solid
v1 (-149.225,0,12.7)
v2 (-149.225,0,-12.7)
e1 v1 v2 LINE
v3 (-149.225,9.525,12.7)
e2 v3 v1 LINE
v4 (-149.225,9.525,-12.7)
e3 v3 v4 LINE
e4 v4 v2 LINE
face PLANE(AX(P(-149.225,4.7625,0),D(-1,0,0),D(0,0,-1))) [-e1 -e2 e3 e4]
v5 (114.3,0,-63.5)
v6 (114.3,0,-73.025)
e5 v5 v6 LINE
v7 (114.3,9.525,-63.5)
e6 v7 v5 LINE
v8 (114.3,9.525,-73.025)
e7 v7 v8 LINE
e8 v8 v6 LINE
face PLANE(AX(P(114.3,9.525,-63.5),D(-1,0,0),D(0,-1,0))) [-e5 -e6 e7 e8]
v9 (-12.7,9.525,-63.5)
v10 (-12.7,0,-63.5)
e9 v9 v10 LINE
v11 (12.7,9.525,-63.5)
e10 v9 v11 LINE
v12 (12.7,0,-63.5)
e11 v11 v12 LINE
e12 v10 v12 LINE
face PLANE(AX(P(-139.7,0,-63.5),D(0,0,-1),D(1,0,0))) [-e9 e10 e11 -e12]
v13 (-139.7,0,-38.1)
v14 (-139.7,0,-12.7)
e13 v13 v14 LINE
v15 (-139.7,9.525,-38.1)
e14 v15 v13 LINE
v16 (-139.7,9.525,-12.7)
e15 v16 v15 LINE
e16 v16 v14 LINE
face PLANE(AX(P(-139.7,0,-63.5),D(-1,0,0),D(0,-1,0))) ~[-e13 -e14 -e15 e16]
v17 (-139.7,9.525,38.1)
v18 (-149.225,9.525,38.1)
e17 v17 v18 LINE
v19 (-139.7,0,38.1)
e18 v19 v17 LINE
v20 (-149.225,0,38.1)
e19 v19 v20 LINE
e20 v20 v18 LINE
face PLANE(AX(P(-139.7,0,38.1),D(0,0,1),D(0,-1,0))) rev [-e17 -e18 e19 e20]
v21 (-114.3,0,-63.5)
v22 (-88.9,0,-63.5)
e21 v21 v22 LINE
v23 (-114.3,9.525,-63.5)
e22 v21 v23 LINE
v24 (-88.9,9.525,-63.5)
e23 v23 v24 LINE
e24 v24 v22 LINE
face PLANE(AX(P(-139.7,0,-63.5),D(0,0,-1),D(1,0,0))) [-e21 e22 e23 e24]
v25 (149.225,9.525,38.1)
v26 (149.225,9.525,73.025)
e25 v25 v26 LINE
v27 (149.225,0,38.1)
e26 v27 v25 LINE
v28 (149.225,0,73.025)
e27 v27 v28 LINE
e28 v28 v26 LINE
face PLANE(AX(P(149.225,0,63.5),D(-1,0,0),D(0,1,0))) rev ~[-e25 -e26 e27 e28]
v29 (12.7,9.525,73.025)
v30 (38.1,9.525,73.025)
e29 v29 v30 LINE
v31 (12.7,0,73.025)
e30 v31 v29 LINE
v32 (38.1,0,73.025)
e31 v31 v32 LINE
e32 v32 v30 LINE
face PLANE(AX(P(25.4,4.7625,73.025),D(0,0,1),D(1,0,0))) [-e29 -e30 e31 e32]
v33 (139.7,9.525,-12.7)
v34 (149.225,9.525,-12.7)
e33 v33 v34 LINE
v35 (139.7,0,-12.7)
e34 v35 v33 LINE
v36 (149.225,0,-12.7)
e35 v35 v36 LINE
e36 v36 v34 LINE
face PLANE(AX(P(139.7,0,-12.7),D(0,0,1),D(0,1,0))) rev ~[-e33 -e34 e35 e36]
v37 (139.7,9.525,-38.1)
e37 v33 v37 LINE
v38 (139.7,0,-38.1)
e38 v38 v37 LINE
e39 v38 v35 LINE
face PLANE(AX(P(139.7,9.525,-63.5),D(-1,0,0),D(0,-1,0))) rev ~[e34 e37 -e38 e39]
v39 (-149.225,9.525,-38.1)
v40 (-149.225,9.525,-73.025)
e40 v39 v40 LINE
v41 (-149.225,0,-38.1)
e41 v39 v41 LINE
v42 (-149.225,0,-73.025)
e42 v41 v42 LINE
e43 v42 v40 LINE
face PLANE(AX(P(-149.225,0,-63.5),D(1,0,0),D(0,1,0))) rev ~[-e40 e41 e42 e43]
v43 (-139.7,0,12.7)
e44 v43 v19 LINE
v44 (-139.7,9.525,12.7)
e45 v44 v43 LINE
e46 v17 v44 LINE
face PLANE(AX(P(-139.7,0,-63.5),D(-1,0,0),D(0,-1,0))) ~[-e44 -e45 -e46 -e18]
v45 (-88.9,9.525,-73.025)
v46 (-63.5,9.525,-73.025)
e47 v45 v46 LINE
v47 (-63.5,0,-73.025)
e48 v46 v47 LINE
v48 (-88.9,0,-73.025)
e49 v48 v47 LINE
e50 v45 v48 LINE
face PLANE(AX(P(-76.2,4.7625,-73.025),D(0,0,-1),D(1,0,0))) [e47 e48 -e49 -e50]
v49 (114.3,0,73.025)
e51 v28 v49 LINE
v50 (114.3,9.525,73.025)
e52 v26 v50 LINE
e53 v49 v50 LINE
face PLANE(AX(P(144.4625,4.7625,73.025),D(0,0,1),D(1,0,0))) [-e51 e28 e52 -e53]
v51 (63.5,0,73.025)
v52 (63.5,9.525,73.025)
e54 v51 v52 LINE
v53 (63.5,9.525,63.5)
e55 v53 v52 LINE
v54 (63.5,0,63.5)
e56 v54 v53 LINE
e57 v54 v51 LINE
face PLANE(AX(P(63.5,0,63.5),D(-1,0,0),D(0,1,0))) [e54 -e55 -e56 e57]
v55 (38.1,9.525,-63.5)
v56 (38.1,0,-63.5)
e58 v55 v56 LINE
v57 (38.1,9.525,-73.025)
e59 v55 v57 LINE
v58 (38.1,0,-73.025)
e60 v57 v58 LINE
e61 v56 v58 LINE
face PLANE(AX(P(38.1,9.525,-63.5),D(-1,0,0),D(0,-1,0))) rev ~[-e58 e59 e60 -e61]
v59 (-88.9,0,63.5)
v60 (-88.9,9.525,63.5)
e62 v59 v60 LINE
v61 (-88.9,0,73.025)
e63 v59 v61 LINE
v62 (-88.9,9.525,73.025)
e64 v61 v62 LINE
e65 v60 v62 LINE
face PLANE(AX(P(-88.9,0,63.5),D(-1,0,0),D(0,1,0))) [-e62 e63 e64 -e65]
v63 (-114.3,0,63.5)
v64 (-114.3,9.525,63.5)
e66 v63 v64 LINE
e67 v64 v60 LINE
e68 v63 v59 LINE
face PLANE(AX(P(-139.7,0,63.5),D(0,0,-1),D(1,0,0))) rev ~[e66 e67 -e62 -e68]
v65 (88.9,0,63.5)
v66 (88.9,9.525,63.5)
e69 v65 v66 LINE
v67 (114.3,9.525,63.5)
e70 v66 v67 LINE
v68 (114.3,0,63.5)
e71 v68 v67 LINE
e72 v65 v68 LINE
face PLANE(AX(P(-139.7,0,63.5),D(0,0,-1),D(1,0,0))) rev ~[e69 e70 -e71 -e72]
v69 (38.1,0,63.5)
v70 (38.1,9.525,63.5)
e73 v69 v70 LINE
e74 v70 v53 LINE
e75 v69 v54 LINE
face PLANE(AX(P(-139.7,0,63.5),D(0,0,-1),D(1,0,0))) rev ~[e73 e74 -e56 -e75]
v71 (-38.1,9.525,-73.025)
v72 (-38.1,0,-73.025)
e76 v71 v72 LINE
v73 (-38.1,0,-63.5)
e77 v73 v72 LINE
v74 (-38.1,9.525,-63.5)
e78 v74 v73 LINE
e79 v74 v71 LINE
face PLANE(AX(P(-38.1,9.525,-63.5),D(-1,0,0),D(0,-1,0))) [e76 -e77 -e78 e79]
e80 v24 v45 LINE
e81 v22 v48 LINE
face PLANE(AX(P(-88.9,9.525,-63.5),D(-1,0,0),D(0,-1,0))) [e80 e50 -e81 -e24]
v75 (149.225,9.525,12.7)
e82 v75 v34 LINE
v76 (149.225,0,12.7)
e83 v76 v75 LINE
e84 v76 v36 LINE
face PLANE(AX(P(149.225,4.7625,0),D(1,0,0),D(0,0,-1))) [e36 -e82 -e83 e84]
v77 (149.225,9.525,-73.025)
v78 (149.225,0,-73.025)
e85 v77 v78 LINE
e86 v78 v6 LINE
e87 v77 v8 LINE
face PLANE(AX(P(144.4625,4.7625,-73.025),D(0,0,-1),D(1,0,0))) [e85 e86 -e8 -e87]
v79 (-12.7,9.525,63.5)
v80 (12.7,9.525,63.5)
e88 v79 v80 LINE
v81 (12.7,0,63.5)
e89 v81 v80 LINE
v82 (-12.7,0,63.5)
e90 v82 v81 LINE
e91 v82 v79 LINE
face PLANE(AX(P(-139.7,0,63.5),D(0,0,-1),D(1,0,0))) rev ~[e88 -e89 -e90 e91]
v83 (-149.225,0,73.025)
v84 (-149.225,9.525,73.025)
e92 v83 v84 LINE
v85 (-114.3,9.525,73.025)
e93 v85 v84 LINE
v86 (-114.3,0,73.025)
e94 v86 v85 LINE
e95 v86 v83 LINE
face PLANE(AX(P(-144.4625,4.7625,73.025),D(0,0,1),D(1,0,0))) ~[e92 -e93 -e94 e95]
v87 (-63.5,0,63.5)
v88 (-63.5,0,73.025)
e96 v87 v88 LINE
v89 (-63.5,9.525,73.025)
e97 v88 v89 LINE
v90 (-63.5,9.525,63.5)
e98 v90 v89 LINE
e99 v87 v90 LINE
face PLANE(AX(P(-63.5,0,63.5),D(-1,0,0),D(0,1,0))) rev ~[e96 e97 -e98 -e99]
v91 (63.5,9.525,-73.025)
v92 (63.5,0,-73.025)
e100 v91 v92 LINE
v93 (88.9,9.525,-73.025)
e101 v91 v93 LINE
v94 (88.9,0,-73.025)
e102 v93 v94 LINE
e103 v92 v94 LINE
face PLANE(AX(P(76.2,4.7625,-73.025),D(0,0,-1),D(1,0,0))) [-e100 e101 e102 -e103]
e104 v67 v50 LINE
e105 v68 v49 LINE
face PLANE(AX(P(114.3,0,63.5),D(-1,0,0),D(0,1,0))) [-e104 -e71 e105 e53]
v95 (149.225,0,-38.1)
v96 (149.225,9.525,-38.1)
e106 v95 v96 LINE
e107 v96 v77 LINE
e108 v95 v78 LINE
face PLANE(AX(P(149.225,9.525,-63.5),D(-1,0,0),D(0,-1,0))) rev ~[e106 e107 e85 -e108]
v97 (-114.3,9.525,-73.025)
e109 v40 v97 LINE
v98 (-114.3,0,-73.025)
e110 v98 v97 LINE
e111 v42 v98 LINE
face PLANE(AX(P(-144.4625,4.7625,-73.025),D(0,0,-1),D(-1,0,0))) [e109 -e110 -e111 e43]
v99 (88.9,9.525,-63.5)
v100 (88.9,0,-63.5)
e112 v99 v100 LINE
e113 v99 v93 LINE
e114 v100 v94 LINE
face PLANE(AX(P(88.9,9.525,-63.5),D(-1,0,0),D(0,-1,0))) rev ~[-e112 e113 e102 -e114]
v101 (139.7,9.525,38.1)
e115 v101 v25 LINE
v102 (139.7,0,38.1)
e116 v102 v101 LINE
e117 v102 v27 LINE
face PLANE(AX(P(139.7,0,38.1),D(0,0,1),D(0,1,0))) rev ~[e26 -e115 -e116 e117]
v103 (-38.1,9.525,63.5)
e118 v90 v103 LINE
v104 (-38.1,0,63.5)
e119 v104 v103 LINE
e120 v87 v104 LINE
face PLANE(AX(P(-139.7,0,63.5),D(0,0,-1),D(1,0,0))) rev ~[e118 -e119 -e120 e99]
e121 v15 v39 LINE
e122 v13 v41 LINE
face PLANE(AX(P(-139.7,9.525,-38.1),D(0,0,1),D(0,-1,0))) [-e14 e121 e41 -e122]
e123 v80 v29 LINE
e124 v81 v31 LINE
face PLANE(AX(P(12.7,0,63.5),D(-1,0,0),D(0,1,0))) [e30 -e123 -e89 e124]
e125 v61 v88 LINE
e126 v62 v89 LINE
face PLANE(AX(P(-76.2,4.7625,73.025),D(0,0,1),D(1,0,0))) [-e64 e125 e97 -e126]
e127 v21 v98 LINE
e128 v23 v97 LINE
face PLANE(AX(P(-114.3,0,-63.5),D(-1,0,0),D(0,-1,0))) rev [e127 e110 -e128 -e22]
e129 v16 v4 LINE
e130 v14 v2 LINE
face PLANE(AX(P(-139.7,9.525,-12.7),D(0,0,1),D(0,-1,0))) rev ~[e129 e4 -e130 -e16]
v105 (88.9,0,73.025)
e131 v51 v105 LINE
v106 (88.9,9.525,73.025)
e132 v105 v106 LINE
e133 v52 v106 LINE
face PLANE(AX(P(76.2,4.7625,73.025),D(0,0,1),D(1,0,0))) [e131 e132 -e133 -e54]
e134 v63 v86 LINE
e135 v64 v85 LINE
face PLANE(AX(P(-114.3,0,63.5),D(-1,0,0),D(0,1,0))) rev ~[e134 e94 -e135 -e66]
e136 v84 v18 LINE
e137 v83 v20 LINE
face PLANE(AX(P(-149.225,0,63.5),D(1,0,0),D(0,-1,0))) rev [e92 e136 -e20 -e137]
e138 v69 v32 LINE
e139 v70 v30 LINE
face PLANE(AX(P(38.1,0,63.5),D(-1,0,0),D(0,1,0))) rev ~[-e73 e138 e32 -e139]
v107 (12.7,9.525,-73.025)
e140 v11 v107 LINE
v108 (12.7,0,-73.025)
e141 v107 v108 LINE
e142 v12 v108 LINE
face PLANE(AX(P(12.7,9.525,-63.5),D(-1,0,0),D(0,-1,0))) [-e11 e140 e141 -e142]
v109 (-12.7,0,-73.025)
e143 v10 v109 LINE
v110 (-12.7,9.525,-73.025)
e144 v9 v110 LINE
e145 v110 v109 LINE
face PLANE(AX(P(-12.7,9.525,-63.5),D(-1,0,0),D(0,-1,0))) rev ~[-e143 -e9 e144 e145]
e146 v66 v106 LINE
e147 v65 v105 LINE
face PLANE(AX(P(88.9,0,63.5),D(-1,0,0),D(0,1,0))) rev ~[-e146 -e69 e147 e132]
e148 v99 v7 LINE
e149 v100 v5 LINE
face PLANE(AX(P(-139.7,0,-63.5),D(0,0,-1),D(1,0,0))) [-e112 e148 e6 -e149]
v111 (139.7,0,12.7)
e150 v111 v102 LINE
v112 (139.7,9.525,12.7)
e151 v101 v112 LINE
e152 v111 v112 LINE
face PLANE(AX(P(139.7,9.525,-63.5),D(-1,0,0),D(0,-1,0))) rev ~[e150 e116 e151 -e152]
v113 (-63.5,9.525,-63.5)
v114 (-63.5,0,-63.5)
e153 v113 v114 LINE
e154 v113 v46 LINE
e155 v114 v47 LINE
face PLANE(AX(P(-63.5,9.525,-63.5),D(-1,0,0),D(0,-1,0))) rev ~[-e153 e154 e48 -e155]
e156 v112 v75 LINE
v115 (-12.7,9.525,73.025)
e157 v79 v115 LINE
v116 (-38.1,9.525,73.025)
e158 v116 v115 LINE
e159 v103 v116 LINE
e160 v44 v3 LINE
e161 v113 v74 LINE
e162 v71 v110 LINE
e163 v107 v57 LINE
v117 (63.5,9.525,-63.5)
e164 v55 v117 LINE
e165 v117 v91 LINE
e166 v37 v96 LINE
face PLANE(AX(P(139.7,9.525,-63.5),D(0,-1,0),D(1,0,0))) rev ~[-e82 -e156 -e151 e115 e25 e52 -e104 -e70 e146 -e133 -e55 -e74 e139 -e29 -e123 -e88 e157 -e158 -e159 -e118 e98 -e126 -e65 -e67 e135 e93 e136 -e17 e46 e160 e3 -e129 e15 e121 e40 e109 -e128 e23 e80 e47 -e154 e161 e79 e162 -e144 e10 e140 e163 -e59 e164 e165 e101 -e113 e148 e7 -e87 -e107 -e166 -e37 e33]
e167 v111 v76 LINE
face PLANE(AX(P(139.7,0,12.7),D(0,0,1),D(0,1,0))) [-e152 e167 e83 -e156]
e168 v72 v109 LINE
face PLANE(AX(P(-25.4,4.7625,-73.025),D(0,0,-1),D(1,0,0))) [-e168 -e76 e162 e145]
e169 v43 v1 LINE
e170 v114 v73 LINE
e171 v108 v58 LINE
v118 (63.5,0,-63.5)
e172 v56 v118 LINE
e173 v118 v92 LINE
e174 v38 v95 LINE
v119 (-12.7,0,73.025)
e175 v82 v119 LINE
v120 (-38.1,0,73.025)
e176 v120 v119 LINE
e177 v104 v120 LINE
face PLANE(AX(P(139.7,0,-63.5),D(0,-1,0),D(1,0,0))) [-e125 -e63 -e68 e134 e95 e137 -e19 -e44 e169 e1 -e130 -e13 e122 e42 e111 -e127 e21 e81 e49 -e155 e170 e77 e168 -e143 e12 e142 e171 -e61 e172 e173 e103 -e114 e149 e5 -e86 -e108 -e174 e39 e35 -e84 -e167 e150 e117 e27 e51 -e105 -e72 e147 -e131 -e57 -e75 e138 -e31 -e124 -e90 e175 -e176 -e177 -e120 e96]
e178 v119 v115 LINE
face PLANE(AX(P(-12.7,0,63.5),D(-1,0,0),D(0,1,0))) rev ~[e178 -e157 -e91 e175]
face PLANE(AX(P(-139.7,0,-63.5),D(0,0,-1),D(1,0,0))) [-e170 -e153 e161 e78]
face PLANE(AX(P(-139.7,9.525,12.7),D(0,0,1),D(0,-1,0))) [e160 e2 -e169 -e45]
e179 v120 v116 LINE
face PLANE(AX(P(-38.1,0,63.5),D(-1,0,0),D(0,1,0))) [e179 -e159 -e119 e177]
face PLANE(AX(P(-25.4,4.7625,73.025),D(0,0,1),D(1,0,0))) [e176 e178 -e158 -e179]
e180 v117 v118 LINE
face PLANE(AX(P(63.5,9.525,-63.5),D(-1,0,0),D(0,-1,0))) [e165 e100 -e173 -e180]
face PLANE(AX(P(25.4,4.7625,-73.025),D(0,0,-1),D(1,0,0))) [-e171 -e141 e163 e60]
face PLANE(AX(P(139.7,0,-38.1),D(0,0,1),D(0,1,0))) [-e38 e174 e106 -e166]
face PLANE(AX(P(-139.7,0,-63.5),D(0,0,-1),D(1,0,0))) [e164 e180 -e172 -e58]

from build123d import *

# Parameters (mm, degrees)
SKETCH2_W               = 279.4
SKETCH2_H               = 127
BOSS_EXTRUDE1_DEPTH     = 9.525
SKETCH3_W               = 25.4
SKETCH3_H               = 9.525
BOSS_EXTRUDE2_DEPTH     = 9.525
LPATTERN1_COUNT         = 6
LPATTERN1_PITCH         = 50.8
MIRROR1_COPY_1_SKETCH_W = 25.4
MIRROR1_COPY_1_SKETCH_H = 9.525
MIRROR1_COPY_1_DEPTH    = 9.525
MIRROR1_COPY_2_SKETCH_W = 25.4
MIRROR1_COPY_2_SKETCH_H = 9.525
MIRROR1_COPY_2_DEPTH    = 9.525
MIRROR1_COPY_3_SKETCH_W = 25.4
MIRROR1_COPY_3_SKETCH_H = 9.525
MIRROR1_COPY_3_DEPTH    = 9.525
MIRROR1_COPY_4_SKETCH_W = 25.4
MIRROR1_COPY_4_SKETCH_H = 9.525
MIRROR1_COPY_4_DEPTH    = 9.525
MIRROR1_COPY_5_SKETCH_W = 25.4
MIRROR1_COPY_5_SKETCH_H = 9.525
MIRROR1_COPY_5_DEPTH    = 9.525
SKETCH4_W               = 25.4
SKETCH4_H               = 9.525
BOSS_EXTRUDE3_DEPTH     = 9.525
LPATTERN2_COUNT         = 3
LPATTERN2_PITCH         = 50.8
MIRROR2_COPY_1_SKETCH_W = 25.4
MIRROR2_COPY_1_SKETCH_H = 9.525
MIRROR2_COPY_1_DEPTH    = 9.525
MIRROR2_COPY_2_SKETCH_W = 25.4
MIRROR2_COPY_2_SKETCH_H = 9.525
MIRROR2_COPY_2_DEPTH    = 9.525
SKETCH6_W               = 9.525
SKETCH6_H               = 9.525
BOSS_EXTRUDE4_DEPTH     = 9.525
MIRROR4_COPY_1_SKETCH_W = 9.525
MIRROR4_COPY_1_SKETCH_H = 9.525
MIRROR4_COPY_1_DEPTH    = 9.525
MIRROR4_COPY_2_SKETCH_W = 9.525
MIRROR4_COPY_2_SKETCH_H = 9.525
MIRROR4_COPY_2_DEPTH    = 9.525


with BuildPart() as part:
    # Sketch2 → Boss-Extrude1 (new body)
    with BuildSketch(Plane(origin=(0, 0, 0), x_dir=(1, 0, 0), z_dir=(0, 1, 0))):
        Rectangle(SKETCH2_W, SKETCH2_H)
    extrude(amount=BOSS_EXTRUDE1_DEPTH)

    # Sketch3 → Boss-Extrude2 (add)
    with BuildSketch(Plane.XY.offset(63.5)):
        with Locations((-127, 4.7625)):
            Rectangle(SKETCH3_W, SKETCH3_H)
    boss_extrude2 = extrude(amount=BOSS_EXTRUDE2_DEPTH)

    # LPattern1: Boss-Extrude2 ×6
    with Locations(*[(i * LPATTERN1_PITCH, 0, 0) for i in range(1, LPATTERN1_COUNT)]):
        add(boss_extrude2)

    # Mirror1: Boss-Extrude2 across plane
    add(boss_extrude2.mirror(Plane.XY))

    # Mirror1 copy 1 sketch → Mirror1 copy 1 (add)
    with BuildSketch(Plane(origin=(50.8, 0, -63.5), x_dir=(1, 0, 0), z_dir=(0, 0, -1))):
        with Locations((-127, -4.7625)):
            Rectangle(MIRROR1_COPY_1_SKETCH_W, MIRROR1_COPY_1_SKETCH_H)
    extrude(amount=MIRROR1_COPY_1_DEPTH)

    # Mirror1 copy 2 sketch → Mirror1 copy 2 (add)
    with BuildSketch(Plane(origin=(101.6, 0, -63.5), x_dir=(1, 0, 0), z_dir=(0, 0, -1))):
        with Locations((-127, -4.7625)):
            Rectangle(MIRROR1_COPY_2_SKETCH_W, MIRROR1_COPY_2_SKETCH_H)
    extrude(amount=MIRROR1_COPY_2_DEPTH)

    # Mirror1 copy 3 sketch → Mirror1 copy 3 (add)
    with BuildSketch(Plane(origin=(152.4, 0, -63.5), x_dir=(1, 0, 0), z_dir=(0, 0, -1))):
        with Locations((-127, -4.7625)):
            Rectangle(MIRROR1_COPY_3_SKETCH_W, MIRROR1_COPY_3_SKETCH_H)
    extrude(amount=MIRROR1_COPY_3_DEPTH)

    # Mirror1 copy 4 sketch → Mirror1 copy 4 (add)
    with BuildSketch(Plane(origin=(203.2, 0, -63.5), x_dir=(1, 0, 0), z_dir=(0, 0, -1))):
        with Locations((-127, -4.7625)):
            Rectangle(MIRROR1_COPY_4_SKETCH_W, MIRROR1_COPY_4_SKETCH_H)
    extrude(amount=MIRROR1_COPY_4_DEPTH)

    # Mirror1 copy 5 sketch → Mirror1 copy 5 (add)
    with BuildSketch(Plane(origin=(254, 0, -63.5), x_dir=(1, 0, 0), z_dir=(0, 0, -1))):
        with Locations((-127, -4.7625)):
            Rectangle(MIRROR1_COPY_5_SKETCH_W, MIRROR1_COPY_5_SKETCH_H)
    extrude(amount=MIRROR1_COPY_5_DEPTH)

    # Sketch4 → Boss-Extrude3 (add)
    with BuildSketch(Plane(origin=(139.7, 0, 0), x_dir=(0, 0, -1), z_dir=(1, 0, 0))):
        with Locations((-50.8, 4.7625)):
            Rectangle(SKETCH4_W, SKETCH4_H)
    boss_extrude3 = extrude(amount=BOSS_EXTRUDE3_DEPTH)

    # LPattern2: Boss-Extrude3 ×3
    with Locations(*[(0, 0, -i * LPATTERN2_PITCH) for i in range(1, LPATTERN2_COUNT)]):
        add(boss_extrude3)

    # Mirror2: Boss-Extrude3 across plane
    add(boss_extrude3.mirror(Plane(origin=(0, 0, 0), x_dir=(0, 0, 1), z_dir=(1, 0, 0))))

    # Mirror2 copy 1 sketch → Mirror2 copy 1 (add)
    with BuildSketch(Plane(origin=(-139.7, 0, -50.8), x_dir=(0, 0, -1), z_dir=(-1, 0, 0))):
        with Locations((-50.8, -4.7625)):
            Rectangle(MIRROR2_COPY_1_SKETCH_W, MIRROR2_COPY_1_SKETCH_H)
    extrude(amount=MIRROR2_COPY_1_DEPTH)

    # Mirror2 copy 2 sketch → Mirror2 copy 2 (add)
    with BuildSketch(Plane(origin=(-139.7, 0, -101.6), x_dir=(0, 0, -1), z_dir=(-1, 0, 0))):
        with Locations((-50.8, -4.7625)):
            Rectangle(MIRROR2_COPY_2_SKETCH_W, MIRROR2_COPY_2_SKETCH_H)
    extrude(amount=MIRROR2_COPY_2_DEPTH)

    # Sketch6 → Boss-Extrude4 (add)
    with BuildSketch(Plane.XY.offset(63.5)):
        with Locations((144.4625, 4.7625)):
            Rectangle(SKETCH6_W, SKETCH6_H)
    boss_extrude4 = extrude(amount=BOSS_EXTRUDE4_DEPTH)

    # Mirror3: Boss-Extrude4 across plane
    add(boss_extrude4.mirror(Plane(origin=(0, 0, 0), x_dir=(0, 0, 1), z_dir=(1, 0, 0))))

    # Mirror4 copy 1 sketch → Mirror4 copy 1 (add)
    with BuildSketch(Plane(origin=(0, 0, -63.5), x_dir=(-1, 0, 0), z_dir=(0, 0, -1))):
        with Locations((144.4625, 4.7625)):
            Rectangle(MIRROR4_COPY_1_SKETCH_W, MIRROR4_COPY_1_SKETCH_H)
    extrude(amount=MIRROR4_COPY_1_DEPTH)

    # Mirror4 copy 2 sketch → Mirror4 copy 2 (add)
    with BuildSketch(Plane(origin=(0, 0, -63.5), x_dir=(1, 0, 0), z_dir=(0, 0, -1))):
        with Locations((144.4625, -4.7625)):
            Rectangle(MIRROR4_COPY_2_SKETCH_W, MIRROR4_COPY_2_SKETCH_H)
    extrude(amount=MIRROR4_COPY_2_DEPTH)


solid = part.part
